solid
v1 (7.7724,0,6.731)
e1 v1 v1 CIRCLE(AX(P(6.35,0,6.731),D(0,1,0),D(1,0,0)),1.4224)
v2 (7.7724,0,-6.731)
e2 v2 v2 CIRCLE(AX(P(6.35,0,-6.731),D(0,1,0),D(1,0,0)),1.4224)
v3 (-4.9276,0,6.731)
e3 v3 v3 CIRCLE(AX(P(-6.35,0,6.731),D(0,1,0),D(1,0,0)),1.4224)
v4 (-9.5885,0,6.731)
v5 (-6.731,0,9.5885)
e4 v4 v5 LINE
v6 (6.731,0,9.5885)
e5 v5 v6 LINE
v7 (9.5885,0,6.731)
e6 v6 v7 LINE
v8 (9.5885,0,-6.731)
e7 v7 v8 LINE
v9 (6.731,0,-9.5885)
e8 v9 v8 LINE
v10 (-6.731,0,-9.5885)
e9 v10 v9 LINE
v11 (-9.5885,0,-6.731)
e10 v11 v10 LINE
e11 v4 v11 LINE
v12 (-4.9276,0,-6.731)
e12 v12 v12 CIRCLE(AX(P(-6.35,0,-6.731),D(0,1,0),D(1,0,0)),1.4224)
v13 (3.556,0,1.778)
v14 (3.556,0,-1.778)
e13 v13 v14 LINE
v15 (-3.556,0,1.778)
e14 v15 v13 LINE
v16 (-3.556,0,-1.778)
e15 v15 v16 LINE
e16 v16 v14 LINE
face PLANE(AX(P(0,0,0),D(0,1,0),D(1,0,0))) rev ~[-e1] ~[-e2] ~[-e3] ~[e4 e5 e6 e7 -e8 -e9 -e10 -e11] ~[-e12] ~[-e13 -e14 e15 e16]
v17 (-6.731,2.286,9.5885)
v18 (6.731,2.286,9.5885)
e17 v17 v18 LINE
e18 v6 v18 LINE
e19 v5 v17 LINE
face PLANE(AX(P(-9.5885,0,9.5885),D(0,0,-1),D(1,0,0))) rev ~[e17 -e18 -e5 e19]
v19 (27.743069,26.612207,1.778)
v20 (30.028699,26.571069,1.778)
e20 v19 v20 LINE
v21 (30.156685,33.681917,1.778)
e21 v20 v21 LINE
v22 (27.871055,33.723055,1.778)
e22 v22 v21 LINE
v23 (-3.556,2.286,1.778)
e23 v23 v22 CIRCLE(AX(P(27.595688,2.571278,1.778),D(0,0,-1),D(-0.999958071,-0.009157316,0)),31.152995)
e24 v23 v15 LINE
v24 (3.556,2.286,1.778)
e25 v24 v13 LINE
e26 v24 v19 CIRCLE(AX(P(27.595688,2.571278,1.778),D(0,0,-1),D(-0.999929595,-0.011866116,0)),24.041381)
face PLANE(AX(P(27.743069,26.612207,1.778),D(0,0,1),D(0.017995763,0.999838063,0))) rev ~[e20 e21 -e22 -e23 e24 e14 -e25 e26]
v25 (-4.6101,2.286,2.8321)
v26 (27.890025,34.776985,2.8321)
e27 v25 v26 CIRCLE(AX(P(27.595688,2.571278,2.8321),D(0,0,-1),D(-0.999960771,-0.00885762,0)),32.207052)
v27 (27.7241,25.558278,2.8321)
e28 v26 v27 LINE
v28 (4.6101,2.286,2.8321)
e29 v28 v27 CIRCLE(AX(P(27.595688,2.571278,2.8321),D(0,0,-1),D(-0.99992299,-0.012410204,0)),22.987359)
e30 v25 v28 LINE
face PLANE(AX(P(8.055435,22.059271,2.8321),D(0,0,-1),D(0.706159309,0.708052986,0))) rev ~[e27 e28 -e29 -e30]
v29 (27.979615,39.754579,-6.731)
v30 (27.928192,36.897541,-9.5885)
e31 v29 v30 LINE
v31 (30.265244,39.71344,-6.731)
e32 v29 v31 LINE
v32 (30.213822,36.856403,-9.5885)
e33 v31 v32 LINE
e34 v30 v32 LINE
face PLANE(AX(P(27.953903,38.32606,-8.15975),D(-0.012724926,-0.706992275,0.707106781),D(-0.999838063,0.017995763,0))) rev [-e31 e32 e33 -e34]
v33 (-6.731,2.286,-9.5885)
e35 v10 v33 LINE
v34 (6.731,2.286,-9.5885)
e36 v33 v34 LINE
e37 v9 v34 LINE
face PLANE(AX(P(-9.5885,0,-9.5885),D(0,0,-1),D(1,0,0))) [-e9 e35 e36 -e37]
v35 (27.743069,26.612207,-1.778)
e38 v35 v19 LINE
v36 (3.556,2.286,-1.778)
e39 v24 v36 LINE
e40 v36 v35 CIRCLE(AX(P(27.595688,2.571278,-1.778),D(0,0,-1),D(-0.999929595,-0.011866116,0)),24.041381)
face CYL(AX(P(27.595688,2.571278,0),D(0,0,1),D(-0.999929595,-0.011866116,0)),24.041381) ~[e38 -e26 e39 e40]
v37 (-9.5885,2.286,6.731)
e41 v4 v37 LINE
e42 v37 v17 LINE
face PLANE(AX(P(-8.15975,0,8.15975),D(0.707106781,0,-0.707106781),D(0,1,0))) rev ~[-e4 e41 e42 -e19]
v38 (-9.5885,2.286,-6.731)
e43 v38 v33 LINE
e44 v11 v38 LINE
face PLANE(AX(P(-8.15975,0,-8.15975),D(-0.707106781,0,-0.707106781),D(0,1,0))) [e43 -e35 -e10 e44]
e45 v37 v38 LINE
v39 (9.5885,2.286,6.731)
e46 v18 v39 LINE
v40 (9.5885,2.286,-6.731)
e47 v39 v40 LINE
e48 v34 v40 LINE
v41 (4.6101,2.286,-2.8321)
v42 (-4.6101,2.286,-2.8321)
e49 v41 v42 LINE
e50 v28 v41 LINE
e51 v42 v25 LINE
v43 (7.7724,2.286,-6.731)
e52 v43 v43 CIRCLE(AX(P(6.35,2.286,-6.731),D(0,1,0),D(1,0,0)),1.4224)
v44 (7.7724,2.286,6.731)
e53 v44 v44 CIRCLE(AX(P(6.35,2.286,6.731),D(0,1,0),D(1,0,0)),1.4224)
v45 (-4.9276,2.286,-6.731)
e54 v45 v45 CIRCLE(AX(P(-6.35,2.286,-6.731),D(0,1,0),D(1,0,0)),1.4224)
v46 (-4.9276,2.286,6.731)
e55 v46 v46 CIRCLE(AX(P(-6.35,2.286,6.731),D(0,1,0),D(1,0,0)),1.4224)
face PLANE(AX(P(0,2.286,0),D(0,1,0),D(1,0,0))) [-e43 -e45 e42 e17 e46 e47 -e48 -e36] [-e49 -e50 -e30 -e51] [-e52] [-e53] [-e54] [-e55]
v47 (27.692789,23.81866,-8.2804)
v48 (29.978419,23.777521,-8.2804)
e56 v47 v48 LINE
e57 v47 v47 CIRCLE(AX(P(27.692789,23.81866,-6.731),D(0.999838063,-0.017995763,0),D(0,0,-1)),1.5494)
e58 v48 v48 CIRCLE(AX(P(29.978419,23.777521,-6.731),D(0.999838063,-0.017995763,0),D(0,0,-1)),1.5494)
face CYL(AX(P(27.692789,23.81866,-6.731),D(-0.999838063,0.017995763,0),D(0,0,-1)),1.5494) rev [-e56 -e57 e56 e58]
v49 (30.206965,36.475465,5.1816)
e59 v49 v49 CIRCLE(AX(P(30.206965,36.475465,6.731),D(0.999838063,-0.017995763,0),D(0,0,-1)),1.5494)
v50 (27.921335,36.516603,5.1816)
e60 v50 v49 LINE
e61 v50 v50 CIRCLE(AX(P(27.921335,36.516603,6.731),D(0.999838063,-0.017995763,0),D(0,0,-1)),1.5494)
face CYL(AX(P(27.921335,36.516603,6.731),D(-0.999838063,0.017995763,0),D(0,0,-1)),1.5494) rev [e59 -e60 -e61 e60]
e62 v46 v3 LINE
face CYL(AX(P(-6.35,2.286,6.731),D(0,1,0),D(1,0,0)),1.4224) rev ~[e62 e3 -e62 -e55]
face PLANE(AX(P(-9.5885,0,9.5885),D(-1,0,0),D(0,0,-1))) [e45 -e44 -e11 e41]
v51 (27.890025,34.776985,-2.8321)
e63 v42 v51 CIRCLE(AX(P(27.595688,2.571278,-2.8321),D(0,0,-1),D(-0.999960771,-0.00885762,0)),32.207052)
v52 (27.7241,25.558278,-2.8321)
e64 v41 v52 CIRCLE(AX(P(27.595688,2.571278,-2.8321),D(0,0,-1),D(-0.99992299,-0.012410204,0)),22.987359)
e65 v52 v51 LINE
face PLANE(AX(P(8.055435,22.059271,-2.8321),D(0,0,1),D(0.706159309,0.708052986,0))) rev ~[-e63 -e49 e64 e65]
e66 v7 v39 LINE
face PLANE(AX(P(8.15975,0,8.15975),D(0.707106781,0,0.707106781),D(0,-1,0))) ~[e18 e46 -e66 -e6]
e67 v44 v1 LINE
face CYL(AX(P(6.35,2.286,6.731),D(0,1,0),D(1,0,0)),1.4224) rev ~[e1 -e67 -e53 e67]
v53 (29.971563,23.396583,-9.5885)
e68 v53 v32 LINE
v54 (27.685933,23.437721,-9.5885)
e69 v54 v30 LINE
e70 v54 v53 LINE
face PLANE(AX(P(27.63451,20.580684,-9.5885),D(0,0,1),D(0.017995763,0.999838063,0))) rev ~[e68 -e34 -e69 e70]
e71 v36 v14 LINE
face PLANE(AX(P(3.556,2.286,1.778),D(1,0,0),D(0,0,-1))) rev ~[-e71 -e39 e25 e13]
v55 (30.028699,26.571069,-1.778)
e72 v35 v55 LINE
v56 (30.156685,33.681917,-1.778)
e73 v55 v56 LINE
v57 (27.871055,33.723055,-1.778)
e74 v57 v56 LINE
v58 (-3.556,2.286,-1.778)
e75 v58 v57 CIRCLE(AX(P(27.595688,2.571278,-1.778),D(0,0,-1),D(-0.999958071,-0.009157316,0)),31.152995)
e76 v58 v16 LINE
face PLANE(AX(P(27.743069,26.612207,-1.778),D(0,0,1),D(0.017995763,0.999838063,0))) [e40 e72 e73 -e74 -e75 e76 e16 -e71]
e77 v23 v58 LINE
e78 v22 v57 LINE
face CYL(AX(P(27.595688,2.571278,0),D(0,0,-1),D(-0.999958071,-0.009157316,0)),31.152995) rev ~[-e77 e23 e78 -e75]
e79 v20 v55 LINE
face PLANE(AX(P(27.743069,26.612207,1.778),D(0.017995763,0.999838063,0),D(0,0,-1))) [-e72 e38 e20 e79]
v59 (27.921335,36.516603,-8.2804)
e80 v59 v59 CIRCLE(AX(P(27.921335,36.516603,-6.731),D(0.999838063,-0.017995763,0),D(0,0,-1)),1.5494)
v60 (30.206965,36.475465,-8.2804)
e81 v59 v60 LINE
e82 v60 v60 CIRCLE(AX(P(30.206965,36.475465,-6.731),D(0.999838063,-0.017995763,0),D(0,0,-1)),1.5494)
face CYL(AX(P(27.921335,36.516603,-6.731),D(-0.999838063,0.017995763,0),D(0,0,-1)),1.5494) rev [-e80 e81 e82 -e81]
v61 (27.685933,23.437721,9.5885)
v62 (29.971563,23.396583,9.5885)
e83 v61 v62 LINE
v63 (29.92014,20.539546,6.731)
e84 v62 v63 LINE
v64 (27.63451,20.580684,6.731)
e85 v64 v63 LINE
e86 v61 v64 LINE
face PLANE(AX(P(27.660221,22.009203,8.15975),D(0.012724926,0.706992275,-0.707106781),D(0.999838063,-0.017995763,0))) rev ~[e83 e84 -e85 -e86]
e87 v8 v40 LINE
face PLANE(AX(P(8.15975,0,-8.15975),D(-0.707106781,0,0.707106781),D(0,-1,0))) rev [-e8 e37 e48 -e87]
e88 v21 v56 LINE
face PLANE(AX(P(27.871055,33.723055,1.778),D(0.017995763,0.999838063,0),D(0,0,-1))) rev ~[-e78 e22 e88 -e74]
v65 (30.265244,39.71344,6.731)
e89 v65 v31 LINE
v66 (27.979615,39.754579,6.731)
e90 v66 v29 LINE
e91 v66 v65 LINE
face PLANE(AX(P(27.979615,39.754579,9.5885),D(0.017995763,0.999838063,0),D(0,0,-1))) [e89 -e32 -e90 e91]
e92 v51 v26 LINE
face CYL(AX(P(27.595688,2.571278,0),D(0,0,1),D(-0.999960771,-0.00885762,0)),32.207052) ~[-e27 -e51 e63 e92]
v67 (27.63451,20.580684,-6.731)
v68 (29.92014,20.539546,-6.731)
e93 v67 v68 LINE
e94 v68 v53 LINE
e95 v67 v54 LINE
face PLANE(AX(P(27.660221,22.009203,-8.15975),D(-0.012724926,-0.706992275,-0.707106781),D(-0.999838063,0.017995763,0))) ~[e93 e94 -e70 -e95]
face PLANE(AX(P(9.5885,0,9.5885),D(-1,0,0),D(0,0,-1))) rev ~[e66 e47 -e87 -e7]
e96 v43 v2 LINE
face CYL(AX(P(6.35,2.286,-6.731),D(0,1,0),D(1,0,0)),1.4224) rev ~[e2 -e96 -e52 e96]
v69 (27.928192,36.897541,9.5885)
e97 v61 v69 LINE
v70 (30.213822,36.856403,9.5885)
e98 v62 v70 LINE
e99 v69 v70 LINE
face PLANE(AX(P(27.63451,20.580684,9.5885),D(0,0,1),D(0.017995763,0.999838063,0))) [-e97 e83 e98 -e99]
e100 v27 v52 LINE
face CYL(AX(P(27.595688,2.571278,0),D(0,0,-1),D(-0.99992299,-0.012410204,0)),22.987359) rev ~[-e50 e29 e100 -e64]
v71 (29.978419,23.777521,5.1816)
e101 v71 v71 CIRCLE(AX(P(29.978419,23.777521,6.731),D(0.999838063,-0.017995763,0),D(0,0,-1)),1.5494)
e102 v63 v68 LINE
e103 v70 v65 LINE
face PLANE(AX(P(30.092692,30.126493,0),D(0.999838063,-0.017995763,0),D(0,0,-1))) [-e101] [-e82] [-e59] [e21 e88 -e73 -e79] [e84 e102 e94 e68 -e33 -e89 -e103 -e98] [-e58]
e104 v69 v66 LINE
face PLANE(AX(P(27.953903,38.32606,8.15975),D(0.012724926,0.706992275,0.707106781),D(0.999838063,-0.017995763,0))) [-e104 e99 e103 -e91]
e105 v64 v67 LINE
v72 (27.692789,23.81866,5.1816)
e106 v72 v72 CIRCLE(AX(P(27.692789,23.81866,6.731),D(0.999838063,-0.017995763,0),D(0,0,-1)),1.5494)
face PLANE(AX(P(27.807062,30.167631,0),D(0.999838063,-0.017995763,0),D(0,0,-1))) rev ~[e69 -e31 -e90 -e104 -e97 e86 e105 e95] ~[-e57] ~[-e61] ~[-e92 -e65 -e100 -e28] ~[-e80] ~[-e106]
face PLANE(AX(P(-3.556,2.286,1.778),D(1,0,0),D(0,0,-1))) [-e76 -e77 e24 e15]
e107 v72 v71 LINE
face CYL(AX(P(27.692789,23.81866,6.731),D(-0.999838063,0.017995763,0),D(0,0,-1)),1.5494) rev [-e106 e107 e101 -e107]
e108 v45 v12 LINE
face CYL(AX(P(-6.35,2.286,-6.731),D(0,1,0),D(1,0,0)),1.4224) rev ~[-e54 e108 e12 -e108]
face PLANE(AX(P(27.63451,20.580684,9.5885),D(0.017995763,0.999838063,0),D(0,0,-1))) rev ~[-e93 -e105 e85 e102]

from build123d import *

# Parameters (mm, degrees)
SKETCH1_W           = 19.177
SKETCH1_H           = 19.177
BOSS_EXTRUDE1_DEPTH = 2.286
SKETCH2_R           = 1.4224
SKETCH2_W           = 7.112
SKETCH2_H           = 3.556
CUT_EXTRUDE1_DEPTH  = 2.286
SKETCH3_W           = 9.2202
SKETCH3_H           = 5.6642
SKETCH3_W_2         = 7.112
SKETCH3_H_2         = 3.556
SKETCH5_W           = 19.177
SKETCH5_H           = 19.177
SKETCH5_R           = 1.5494
SKETCH5_W_2         = 3.556
SKETCH5_H_2         = 7.112
BOSS_EXTRUDE2_DEPTH = 2.286
CHAMFER1_SIZE       = 2.8575


with BuildPart() as part:
    # Sketch1 → Boss-Extrude1 (new body)
    with BuildSketch(Plane(origin=(0, 0, 0), x_dir=(1, 0, 0), z_dir=(0, 1, 0))):
        Rectangle(SKETCH1_W, SKETCH1_H)
    extrude(amount=BOSS_EXTRUDE1_DEPTH)

    # Sketch2 → Cut-Extrude1 (cut)
    with BuildSketch(Plane(origin=(0, 2.286, 0), x_dir=(1, 0, 0), z_dir=(0, 1, 0))):
        with Locations((-6.35, 6.731)):
            Circle(SKETCH2_R)
        with Locations((6.35, 6.731)):
            Circle(SKETCH2_R)
        with Locations((6.35, -6.731)):
            Circle(SKETCH2_R)
        with Locations((-6.35, -6.731)):
            Circle(SKETCH2_R)
        Rectangle(SKETCH2_W, SKETCH2_H)
    extrude(amount=-CUT_EXTRUDE1_DEPTH, mode=Mode.SUBTRACT)

    # Sweep1: sweep along a path in Sketch4
    with BuildLine(Plane.XY) as sweep1_path:
        ThreePointArc((4.6101, 2.286), (11.285803016, 18.770237549), (27.7241, 25.558277811))
    # Sketch3 → Sweep1 (sweep)
    with BuildSketch(Plane(origin=(0, 2.286, 0), x_dir=(1, 0, 0), z_dir=(0, 1, 0))):
        Rectangle(SKETCH3_W, SKETCH3_H)
        Rectangle(SKETCH3_W_2, SKETCH3_H_2, mode=Mode.SUBTRACT)
    sweep(path=sweep1_path.line)

    # Sketch5 → Boss-Extrude2 (add)
    with BuildSketch(Plane(origin=(27.255255403, -0.490558544, 0), x_dir=(0, 0, -1), z_dir=(0.999838063, -0.017995763, 0))):
        with Locations((0, 30.663155305)):
            Rectangle(SKETCH5_W, SKETCH5_H)
        with Locations((-6.731, 37.013155305)):
            Circle(SKETCH5_R, mode=Mode.SUBTRACT)
        with Locations((6.731, 37.013155305)):
            Circle(SKETCH5_R, mode=Mode.SUBTRACT)
        with Locations((-6.731, 24.313155305)):
            Circle(SKETCH5_R, mode=Mode.SUBTRACT)
        with Locations((6.731, 24.313155305)):
            Circle(SKETCH5_R, mode=Mode.SUBTRACT)
        with Locations((0, 30.663155305)):
            Rectangle(SKETCH5_W_2, SKETCH5_H_2, mode=Mode.SUBTRACT)
    extrude(amount=BOSS_EXTRUDE2_DEPTH)

    # Chamfer1
    chamfer1_edges = [part.edges().sort_by_distance(p)[0] for p in [
        (29.122429541, 39.734009377, 9.5885),
        (28.777324802, 20.56011484, 9.5885),
        (28.777324802, 20.56011484, -9.5885),
        (29.122429541, 39.734009377, -9.5885),
        (-9.5885, 1.143, -9.5885),
        (9.5885, 1.143, -9.5885),
        (9.5885, 1.143, 9.5885),
        (-9.5885, 1.143, 9.5885),
    ]]
    chamfer(chamfer1_edges, length=CHAMFER1_SIZE)


solid = part.part
